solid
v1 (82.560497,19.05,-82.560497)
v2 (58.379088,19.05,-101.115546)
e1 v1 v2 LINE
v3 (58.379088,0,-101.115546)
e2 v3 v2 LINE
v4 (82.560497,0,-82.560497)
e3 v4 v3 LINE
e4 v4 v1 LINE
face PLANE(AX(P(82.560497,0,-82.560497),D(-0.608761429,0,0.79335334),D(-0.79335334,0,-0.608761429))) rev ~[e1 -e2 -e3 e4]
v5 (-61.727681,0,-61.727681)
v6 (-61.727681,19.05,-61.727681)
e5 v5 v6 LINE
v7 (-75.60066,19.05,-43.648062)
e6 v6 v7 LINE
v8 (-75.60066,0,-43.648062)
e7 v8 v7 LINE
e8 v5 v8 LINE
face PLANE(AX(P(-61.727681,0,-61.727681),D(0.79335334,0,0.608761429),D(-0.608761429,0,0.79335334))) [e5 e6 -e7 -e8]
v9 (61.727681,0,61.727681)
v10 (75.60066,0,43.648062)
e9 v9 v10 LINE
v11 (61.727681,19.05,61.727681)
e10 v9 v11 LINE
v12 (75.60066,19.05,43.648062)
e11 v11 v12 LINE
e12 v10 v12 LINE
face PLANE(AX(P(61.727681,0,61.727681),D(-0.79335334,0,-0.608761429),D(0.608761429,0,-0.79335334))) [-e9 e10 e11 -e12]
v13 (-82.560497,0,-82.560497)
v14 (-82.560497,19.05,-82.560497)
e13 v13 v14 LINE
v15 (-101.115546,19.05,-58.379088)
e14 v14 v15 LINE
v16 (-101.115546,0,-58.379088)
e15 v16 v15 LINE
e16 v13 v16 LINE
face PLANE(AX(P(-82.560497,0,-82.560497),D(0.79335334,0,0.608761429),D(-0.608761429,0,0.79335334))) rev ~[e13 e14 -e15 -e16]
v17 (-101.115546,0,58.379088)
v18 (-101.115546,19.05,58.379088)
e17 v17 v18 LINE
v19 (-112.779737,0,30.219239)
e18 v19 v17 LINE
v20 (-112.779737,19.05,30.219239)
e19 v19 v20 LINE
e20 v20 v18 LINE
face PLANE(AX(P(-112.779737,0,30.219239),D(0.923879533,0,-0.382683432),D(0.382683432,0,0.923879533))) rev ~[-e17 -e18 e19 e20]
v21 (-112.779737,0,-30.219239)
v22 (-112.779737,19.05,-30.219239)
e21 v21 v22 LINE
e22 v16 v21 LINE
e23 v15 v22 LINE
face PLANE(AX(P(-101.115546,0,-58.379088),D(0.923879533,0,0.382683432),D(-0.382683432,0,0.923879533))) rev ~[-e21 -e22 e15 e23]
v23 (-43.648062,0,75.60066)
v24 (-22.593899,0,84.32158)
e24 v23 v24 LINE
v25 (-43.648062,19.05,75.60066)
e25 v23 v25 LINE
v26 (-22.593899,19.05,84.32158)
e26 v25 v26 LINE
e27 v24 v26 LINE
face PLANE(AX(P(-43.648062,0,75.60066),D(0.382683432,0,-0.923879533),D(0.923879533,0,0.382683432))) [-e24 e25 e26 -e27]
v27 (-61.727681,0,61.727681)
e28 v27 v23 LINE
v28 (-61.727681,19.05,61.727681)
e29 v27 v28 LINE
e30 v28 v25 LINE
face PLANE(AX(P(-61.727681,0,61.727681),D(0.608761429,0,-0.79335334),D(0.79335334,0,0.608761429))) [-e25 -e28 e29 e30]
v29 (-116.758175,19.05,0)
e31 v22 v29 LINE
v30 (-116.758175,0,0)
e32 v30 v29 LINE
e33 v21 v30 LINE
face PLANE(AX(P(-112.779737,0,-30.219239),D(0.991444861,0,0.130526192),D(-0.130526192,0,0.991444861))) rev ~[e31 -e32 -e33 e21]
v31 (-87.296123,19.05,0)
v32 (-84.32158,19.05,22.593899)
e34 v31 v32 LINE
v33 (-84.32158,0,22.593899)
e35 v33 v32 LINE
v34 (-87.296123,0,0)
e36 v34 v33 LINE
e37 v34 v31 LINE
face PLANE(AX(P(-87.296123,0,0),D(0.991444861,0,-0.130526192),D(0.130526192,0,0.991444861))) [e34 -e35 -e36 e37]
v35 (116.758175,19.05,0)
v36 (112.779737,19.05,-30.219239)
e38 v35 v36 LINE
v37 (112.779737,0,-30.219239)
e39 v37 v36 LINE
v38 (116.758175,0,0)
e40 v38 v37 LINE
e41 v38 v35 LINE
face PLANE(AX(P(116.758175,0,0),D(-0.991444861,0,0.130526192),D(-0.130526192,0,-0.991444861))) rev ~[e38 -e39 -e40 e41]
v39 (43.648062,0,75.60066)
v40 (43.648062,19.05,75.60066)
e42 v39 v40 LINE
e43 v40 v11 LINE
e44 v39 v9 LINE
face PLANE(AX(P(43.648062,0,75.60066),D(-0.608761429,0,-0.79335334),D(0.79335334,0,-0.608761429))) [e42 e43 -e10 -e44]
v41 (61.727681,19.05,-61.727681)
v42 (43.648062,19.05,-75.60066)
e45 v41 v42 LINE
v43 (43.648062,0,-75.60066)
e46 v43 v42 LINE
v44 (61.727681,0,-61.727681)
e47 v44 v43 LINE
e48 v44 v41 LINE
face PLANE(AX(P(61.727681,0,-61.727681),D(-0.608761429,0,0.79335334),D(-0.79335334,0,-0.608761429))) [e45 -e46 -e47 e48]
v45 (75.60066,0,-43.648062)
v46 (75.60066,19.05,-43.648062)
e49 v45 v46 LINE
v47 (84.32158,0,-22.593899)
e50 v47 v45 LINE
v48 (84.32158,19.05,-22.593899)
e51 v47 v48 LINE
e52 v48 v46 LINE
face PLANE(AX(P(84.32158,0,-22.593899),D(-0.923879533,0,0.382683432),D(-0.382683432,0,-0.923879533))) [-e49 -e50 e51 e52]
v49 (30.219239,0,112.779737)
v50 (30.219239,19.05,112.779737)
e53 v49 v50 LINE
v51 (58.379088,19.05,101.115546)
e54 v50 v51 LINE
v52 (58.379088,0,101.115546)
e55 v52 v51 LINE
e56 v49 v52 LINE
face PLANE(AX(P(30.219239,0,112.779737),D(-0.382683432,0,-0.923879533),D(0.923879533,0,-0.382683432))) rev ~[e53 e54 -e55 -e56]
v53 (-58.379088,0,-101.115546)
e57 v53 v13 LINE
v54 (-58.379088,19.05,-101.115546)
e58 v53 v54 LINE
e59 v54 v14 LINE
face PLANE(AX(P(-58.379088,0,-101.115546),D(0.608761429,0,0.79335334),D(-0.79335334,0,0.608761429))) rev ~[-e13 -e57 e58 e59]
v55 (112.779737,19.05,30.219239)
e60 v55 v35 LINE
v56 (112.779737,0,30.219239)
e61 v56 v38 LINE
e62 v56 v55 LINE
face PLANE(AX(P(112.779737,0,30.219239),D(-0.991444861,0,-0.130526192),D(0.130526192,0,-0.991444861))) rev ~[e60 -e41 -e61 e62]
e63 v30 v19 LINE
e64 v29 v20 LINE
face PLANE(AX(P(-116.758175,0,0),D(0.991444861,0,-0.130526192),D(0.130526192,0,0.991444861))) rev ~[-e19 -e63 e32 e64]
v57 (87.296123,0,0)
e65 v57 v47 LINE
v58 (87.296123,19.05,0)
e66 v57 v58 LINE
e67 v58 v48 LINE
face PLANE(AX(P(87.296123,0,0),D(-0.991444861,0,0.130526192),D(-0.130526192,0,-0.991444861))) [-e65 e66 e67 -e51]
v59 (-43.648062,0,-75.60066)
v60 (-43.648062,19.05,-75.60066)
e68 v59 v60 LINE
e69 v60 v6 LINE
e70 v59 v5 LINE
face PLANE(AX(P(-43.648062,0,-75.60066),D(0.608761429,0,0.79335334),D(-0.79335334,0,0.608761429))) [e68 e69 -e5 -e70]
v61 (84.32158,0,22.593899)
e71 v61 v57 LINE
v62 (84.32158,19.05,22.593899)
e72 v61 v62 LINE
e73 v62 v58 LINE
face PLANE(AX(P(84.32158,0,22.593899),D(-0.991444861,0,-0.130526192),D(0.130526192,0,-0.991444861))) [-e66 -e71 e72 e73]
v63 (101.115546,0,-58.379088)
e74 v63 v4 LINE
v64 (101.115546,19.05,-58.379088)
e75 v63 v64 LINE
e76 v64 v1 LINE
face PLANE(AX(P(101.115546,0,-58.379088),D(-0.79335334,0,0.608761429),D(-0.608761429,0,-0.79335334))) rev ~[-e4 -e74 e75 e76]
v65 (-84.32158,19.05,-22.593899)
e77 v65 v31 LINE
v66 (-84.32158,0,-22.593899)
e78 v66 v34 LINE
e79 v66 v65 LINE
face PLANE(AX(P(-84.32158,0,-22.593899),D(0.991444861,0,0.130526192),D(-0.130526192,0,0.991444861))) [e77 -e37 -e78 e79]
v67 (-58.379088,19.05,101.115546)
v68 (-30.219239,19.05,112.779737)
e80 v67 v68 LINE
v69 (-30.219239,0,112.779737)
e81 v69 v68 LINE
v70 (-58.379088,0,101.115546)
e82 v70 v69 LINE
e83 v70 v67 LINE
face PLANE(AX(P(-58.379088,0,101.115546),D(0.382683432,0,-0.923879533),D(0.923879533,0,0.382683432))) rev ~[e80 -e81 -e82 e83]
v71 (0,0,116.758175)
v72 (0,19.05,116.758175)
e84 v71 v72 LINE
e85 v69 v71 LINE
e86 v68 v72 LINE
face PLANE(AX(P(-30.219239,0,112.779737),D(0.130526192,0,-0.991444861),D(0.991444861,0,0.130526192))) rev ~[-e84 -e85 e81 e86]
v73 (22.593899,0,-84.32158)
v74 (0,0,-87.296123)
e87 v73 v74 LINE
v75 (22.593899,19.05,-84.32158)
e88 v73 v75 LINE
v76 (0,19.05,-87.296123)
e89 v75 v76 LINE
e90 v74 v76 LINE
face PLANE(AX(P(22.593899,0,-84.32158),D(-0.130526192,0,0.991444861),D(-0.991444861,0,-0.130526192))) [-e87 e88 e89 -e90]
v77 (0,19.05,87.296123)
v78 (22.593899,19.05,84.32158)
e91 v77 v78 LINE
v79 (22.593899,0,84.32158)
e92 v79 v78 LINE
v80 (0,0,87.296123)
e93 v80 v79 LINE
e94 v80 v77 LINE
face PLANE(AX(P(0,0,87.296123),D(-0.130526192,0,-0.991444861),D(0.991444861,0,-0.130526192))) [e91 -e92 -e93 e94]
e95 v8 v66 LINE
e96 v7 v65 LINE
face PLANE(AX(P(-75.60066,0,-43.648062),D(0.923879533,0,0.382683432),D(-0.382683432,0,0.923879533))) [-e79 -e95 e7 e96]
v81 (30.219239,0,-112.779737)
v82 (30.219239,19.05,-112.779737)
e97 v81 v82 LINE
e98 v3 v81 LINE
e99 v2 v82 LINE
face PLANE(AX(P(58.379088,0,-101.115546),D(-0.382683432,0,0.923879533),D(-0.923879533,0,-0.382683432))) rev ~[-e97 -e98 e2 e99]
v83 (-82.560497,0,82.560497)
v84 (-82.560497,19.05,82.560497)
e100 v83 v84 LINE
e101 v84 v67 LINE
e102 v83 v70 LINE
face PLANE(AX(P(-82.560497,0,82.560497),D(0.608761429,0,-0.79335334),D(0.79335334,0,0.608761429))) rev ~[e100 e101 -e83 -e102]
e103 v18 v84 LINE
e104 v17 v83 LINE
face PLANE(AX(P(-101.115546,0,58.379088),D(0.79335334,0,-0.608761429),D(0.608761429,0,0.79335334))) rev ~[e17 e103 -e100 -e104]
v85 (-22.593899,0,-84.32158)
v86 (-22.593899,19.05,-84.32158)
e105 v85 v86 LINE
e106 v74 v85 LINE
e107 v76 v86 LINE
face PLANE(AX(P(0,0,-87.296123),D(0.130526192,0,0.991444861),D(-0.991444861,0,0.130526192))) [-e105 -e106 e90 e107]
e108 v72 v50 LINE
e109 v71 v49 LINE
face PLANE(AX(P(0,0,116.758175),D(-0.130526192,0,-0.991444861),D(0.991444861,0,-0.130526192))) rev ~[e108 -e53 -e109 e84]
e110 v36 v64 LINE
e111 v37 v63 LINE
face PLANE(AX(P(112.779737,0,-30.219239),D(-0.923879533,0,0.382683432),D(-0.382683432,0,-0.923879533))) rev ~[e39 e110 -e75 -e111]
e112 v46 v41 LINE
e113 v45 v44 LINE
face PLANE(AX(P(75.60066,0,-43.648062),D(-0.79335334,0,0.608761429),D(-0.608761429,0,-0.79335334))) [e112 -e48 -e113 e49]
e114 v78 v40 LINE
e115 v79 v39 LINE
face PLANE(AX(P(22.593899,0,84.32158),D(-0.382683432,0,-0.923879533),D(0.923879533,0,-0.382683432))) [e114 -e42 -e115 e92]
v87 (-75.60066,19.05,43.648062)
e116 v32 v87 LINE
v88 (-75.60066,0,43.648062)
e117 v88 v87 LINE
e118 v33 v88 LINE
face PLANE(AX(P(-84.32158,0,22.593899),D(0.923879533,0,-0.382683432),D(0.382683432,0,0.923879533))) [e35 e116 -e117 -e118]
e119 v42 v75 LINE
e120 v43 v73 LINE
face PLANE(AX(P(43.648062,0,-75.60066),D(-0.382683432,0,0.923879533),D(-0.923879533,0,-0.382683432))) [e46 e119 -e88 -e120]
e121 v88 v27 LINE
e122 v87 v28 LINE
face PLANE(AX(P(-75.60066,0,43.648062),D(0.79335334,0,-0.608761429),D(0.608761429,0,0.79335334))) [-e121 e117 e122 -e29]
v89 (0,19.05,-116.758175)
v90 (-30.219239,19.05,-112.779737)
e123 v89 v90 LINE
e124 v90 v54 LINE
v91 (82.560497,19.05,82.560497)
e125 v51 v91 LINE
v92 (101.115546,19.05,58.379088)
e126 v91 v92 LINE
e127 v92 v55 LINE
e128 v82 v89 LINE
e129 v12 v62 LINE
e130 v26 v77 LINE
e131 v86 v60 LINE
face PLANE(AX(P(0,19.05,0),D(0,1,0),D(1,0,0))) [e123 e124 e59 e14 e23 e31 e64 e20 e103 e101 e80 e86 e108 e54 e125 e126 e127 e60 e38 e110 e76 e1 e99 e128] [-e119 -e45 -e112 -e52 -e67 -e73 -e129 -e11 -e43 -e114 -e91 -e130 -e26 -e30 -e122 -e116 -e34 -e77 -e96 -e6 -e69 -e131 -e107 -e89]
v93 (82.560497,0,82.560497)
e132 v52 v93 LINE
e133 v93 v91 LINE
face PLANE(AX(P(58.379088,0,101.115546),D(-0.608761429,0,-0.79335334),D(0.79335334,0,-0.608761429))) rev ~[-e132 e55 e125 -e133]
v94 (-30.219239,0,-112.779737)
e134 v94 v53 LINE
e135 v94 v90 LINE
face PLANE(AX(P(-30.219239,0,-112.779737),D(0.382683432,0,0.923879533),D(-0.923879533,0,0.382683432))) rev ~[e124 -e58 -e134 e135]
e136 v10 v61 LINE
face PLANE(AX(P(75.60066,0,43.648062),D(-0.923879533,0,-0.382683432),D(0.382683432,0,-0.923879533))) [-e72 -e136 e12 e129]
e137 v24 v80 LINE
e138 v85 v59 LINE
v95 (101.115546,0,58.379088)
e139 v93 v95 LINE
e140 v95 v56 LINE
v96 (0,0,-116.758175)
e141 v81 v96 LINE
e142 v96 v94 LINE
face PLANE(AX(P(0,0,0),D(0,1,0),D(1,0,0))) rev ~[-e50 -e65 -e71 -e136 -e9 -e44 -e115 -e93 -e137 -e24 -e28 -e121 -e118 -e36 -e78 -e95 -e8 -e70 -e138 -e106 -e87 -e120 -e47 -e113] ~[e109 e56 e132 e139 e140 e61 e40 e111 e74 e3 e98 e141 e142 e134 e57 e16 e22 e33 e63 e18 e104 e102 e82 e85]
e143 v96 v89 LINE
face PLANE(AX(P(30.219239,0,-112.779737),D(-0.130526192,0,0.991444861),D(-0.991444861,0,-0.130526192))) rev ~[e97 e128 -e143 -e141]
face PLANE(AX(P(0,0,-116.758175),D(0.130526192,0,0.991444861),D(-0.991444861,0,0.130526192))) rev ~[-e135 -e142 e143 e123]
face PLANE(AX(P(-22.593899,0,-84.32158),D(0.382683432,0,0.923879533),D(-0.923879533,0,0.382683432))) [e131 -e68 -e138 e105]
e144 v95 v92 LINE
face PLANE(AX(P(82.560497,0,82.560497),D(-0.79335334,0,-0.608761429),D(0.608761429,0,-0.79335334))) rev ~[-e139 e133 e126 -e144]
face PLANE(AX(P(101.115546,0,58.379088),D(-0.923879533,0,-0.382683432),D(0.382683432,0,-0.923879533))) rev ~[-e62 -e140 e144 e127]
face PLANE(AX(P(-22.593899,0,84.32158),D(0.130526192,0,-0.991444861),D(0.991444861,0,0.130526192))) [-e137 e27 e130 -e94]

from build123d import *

# Parameters (mm, degrees)
BOSS_EXTRUDE1_DEPTH = 19.05


with BuildPart() as part:
    # Sketch1 → Boss-Extrude1 (new body)
    with BuildSketch(Plane(origin=(0, 0, 0), x_dir=(1, 0, 0), z_dir=(0, 1, 0))):
        Polygon((0, -116.758175051), (30.219239375, -112.779736712), (58.379087526, -101.115545694), (82.560497338, -82.560497338), (101.115545694, -58.379087526), (112.779736712, -30.219239375), (116.758175051, 0), (112.779736712, 30.219239375), (101.115545694, 58.379087526), (82.560497338, 82.560497338), (58.379087526, 101.115545694), (30.219239375, 112.779736712), (0, 116.758175051), (-30.219239375, 112.779736712), (-58.379087526, 101.115545694), (-82.560497338, 82.560497338), (-101.115545694, 58.379087526), (-112.779736712, 30.219239375), (-116.758175051, 0), (-112.779736712, -30.219239375), (-101.115545694, -58.379087526), (-82.560497338, -82.560497338), (-58.379087526, -101.115545694), (-30.219239375, -112.779736712), align=None)
        Polygon((0, -87.296123113), (22.593899225, -84.321579849), (43.648061556, -75.600660267), (61.727680624, -61.727680624), (75.600660267, -43.648061556), (84.321579849, -22.593899225), (87.296123113, 0), (84.321579849, 22.593899225), (75.600660267, 43.648061556), (61.727680624, 61.727680624), (43.648061556, 75.600660267), (22.593899225, 84.321579849), (0, 87.296123113), (-22.593899225, 84.321579849), (-43.648061556, 75.600660267), (-61.727680624, 61.727680624), (-75.600660267, 43.648061556), (-84.321579849, 22.593899225), (-87.296123113, 0), (-84.321579849, -22.593899225), (-75.600660267, -43.648061556), (-61.727680624, -61.727680624), (-43.648061556, -75.600660267), (-22.593899225, -84.321579849), align=None, mode=Mode.SUBTRACT)
    extrude(amount=BOSS_EXTRUDE1_DEPTH)


solid = part.part
